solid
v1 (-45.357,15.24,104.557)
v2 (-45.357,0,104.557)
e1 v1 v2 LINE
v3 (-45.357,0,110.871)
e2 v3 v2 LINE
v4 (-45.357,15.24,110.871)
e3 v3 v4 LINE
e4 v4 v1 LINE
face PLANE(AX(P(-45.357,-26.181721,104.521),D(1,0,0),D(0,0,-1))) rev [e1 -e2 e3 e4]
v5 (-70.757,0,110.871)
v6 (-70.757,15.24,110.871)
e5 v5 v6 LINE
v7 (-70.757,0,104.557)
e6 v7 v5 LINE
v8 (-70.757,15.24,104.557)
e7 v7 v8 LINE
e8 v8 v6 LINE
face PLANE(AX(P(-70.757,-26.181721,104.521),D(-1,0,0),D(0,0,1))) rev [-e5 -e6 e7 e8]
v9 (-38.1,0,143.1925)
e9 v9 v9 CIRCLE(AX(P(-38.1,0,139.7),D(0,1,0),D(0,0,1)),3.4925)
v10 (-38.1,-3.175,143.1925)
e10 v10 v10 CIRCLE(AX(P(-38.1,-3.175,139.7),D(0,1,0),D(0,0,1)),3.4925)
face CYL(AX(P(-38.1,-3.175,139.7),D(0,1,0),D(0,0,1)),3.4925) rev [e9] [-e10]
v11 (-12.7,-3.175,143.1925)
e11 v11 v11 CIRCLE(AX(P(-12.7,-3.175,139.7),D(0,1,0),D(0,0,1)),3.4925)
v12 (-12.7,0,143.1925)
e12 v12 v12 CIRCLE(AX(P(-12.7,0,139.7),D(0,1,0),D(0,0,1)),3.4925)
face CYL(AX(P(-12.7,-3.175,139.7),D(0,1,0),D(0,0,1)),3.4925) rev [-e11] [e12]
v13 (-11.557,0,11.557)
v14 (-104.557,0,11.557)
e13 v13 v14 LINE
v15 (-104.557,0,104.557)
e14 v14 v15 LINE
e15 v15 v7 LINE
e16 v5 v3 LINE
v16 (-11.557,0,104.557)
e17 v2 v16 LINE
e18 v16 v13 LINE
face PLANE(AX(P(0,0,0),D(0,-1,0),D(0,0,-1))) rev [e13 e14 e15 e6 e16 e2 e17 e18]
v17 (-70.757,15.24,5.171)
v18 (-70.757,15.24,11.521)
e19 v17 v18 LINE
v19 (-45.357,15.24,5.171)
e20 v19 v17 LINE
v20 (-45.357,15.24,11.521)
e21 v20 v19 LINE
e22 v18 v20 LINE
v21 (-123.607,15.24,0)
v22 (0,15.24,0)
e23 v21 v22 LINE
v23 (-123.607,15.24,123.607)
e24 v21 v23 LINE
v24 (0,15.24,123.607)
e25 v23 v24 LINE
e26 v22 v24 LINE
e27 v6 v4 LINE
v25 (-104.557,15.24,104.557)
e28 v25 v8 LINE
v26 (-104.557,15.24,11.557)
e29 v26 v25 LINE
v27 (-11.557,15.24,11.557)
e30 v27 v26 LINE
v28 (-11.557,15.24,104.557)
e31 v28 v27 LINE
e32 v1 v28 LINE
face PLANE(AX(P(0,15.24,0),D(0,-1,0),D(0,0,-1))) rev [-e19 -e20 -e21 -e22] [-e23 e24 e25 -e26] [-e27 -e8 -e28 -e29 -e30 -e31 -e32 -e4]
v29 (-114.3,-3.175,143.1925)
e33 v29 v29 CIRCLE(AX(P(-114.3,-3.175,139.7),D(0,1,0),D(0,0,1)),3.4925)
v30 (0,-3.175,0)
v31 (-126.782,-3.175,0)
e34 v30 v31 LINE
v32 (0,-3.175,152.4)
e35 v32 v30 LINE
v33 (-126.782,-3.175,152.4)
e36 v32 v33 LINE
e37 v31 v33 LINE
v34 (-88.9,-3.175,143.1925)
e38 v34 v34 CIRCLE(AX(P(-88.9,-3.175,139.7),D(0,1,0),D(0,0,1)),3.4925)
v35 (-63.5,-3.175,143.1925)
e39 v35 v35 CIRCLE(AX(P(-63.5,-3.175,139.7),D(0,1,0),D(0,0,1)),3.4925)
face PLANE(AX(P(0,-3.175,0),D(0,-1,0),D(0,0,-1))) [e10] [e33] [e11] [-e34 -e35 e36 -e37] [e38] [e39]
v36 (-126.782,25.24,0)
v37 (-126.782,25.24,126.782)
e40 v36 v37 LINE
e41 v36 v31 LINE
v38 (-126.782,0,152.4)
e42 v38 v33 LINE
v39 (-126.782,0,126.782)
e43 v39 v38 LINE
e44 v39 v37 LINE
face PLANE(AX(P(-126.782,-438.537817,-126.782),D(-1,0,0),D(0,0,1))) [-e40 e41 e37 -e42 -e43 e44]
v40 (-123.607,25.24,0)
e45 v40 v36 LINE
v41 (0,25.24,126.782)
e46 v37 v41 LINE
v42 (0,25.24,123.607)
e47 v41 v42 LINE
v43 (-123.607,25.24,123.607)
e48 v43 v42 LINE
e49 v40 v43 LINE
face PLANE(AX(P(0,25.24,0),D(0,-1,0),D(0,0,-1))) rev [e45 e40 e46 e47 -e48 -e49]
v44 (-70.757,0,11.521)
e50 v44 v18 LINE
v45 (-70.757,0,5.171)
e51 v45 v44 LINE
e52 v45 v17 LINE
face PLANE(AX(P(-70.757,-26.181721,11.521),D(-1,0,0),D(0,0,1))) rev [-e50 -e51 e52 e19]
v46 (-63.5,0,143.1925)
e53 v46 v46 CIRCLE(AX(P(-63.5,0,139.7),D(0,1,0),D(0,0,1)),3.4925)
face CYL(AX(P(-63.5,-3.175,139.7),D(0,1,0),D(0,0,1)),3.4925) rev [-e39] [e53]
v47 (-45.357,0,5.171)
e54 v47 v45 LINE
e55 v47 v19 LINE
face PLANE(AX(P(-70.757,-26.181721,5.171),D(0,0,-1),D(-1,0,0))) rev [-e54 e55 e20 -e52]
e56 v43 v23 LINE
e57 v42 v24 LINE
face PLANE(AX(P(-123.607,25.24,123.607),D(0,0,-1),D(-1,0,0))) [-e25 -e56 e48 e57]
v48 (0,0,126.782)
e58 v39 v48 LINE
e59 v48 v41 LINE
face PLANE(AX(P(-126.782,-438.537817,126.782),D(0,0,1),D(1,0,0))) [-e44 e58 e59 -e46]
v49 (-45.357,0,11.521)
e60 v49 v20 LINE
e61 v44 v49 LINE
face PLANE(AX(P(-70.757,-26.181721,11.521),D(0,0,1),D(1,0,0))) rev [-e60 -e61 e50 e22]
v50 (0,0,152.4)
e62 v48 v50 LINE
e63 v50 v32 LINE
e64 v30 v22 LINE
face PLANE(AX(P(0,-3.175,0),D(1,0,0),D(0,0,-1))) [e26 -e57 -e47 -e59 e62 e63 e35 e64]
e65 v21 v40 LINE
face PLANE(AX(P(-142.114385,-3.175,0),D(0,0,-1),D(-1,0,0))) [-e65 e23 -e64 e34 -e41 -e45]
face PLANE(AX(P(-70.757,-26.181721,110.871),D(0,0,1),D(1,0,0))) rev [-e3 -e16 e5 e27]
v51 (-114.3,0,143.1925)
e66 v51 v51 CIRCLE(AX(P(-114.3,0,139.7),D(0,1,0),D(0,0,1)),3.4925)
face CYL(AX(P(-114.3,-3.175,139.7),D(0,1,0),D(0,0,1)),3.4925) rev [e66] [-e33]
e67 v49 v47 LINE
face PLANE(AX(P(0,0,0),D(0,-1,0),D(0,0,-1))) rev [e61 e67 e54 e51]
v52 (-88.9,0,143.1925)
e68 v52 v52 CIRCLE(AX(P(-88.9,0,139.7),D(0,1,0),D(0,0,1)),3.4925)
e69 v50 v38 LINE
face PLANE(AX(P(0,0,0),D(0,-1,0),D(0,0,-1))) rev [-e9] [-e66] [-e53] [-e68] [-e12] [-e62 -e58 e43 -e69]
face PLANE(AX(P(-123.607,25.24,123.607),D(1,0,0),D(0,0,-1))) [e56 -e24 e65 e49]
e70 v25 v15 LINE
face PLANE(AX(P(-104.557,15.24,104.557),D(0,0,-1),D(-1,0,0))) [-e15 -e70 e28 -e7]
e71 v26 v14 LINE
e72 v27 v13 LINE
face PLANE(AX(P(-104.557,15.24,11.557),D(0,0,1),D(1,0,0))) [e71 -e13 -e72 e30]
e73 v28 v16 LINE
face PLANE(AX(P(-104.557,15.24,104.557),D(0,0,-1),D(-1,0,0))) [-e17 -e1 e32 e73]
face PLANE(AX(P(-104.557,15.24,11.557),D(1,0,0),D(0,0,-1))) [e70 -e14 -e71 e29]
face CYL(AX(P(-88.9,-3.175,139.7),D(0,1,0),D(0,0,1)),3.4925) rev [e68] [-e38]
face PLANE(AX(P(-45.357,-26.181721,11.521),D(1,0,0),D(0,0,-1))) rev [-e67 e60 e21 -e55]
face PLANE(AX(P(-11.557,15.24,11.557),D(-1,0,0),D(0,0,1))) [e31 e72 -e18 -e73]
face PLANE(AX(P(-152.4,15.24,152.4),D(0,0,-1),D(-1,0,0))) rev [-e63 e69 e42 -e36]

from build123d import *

# Parameters (mm, degrees)
SKETCH1_W               = 304.8
SKETCH1_H               = 304.8
SKETCH1_W_2             = 93
SKETCH1_H_2             = 93
BOSS_EXTRUDE1_DEPTH     = 15.24
SKETCH2_W               = 304.8
SKETCH2_H               = 304.8
BOSS_EXTRUDE2_DEPTH     = 3.175
SKETCH3_W               = 304.8
SKETCH3_H               = 304.8
SKETCH3_W_2             = 247.214
SKETCH3_H_2             = 247.214
BOSS_EXTRUDE3_DEPTH     = 10
SKETCH4_OUTSIDE_W       = 393.198
SKETCH4_OUTSIDE_H       = 393.198
SKETCH4_OUTSIDE_W_2     = 253.564
SKETCH4_OUTSIDE_H_2     = 253.564
CUT_EXTRUDE1_DEPTH      = 25.24
SKETCH5_R               = 3.4925
CUT_EXTRUDE2_DEPTH      = 217.999026726
SKETCH6_W               = 25.4
SKETCH6_H               = 6.35
CUT_EXTRUDE3_DEPTH      = 15.24
LPATTERN1_COUNT         = 2
LPATTERN1_PITCH         = 116.078
LPATTERN1_COUNT_DIR2    = 2
LPATTERN1_PITCH_DIR2    = 116.078
SKETCH7_W               = 388.208697242
SKETCH7_H               = 185.968986832
CUT_EXTRUDE4_DEPTH      = 320.069595424
SKETCH8_W               = 545.051384684
SKETCH8_H               = 463.265958
CUT_EXTRUDE5_DEPTH      = 320.069595424
SKETCH9_W               = 585.539242267
SKETCH9_H               = 383.639310532
CUT_EXTRUDE6_DEPTH      = 297.913320173
CUT_EXTRUDE7_DEPTH      = 200.841169742
CUT_EXTRUDE7_DEPTH_BACK = 200.841169742
SKETCH10_OUTSIDE_W      = 331.206
SKETCH10_OUTSIDE_H      = 356.824
SKETCH10_OUTSIDE_W_2    = 142.114384532
SKETCH10_OUTSIDE_H_2    = 171.89804786


with BuildPart() as part:
    # Sketch1 → Boss-Extrude1 (new body)
    with BuildSketch(Plane(origin=(0, 0, 0), x_dir=(1, 0, 0), z_dir=(0, 1, 0))):
        Rectangle(SKETCH1_W, SKETCH1_H)
        with Locations((58.057, 58.057)):
            Rectangle(SKETCH1_W_2, SKETCH1_H_2, mode=Mode.SUBTRACT)
        with Locations((-58.057, 58.057)):
            Rectangle(SKETCH1_W_2, SKETCH1_H_2, mode=Mode.SUBTRACT)
        with Locations((-58.057, -58.057)):
            Rectangle(SKETCH1_W_2, SKETCH1_H_2, mode=Mode.SUBTRACT)
        with Locations((58.057, -58.057)):
            Rectangle(SKETCH1_W_2, SKETCH1_H_2, mode=Mode.SUBTRACT)
    extrude(amount=BOSS_EXTRUDE1_DEPTH)

    # Sketch2 → Boss-Extrude2 (add)
    with BuildSketch(Plane(origin=(0, 0, 0), x_dir=(-1, 0, 0), z_dir=(0, -1, 0))):
        Rectangle(SKETCH2_W, SKETCH2_H)
    extrude(amount=BOSS_EXTRUDE2_DEPTH)

    # Sketch3 → Boss-Extrude3 (add)
    with BuildSketch(Plane(origin=(0, 15.24, 0), x_dir=(1, 0, 0), z_dir=(0, 1, 0))):
        Rectangle(SKETCH3_W, SKETCH3_H)
        Rectangle(SKETCH3_W_2, SKETCH3_H_2, mode=Mode.SUBTRACT)
    extrude(amount=BOSS_EXTRUDE3_DEPTH)

    # Sketch4 outside → Cut-Extrude1 (cut)
    with BuildSketch(Plane(origin=(0, 25.24, 0), x_dir=(1, 0, 0), z_dir=(0, 1, 0))):
        Rectangle(SKETCH4_OUTSIDE_W, SKETCH4_OUTSIDE_H)
        Rectangle(SKETCH4_OUTSIDE_W_2, SKETCH4_OUTSIDE_H_2, mode=Mode.SUBTRACT)
    extrude(amount=-CUT_EXTRUDE1_DEPTH, mode=Mode.SUBTRACT)

    # Sketch5 → Cut-Extrude2 (cut, through all)
    with BuildSketch(Plane(origin=(0, 0, 0), x_dir=(1, 0, 0), z_dir=(0, 1, 0))):
        with Locations(Location((-139.7, -139.7, 0), (0, 0, 270))):
            Circle(SKETCH5_R)
        with Locations(Location((-114.3, -139.7, 0), (0, 0, 270))):
            Circle(SKETCH5_R)
        with Locations(Location((-88.9, -139.7, 0), (0, 0, 270))):
            Circle(SKETCH5_R)
        with Locations(Location((-63.5, -139.7, 0), (0, 0, 270))):
            Circle(SKETCH5_R)
        with Locations(Location((-38.1, -139.7, 0), (0, 0, 270))):
            Circle(SKETCH5_R)
        with Locations(Location((-12.7, -139.7, 0), (0, 0, 270))):
            Circle(SKETCH5_R)
        with Locations(Location((12.7, -139.7, 0), (0, 0, 270))):
            Circle(SKETCH5_R)
        with Locations(Location((38.1, -139.7, 0), (0, 0, 270))):
            Circle(SKETCH5_R)
        with Locations(Location((63.5, -139.7, 0), (0, 0, 270))):
            Circle(SKETCH5_R)
        with Locations(Location((88.9, -139.7, 0), (0, 0, 270))):
            Circle(SKETCH5_R)
        with Locations(Location((114.3, -139.7, 0), (0, 0, 270))):
            Circle(SKETCH5_R)
        with Locations(Location((139.7, -139.7, 0), (0, 0, 270))):
            Circle(SKETCH5_R)
        with Locations(Location((-139.7, -114.3, 0), (0, 0, 270))):
            Circle(SKETCH5_R)
        with Locations(Location((-139.7, -88.9, 0), (0, 0, 270))):
            Circle(SKETCH5_R)
        with Locations(Location((-139.7, -63.5, 0), (0, 0, 270))):
            Circle(SKETCH5_R)
        with Locations(Location((-139.7, -38.1, 0), (0, 0, 270))):
            Circle(SKETCH5_R)
        with Locations(Location((-139.7, -12.7, 0), (0, 0, 270))):
            Circle(SKETCH5_R)
        with Locations(Location((-139.7, 12.7, 0), (0, 0, 270))):
            Circle(SKETCH5_R)
        with Locations(Location((-139.7, 38.1, 0), (0, 0, 270))):
            Circle(SKETCH5_R)
        with Locations(Location((-139.7, 63.5, 0), (0, 0, 270))):
            Circle(SKETCH5_R)
        with Locations(Location((-139.7, 88.9, 0), (0, 0, 270))):
            Circle(SKETCH5_R)
        with Locations(Location((-139.7, 114.3, 0), (0, 0, 270))):
            Circle(SKETCH5_R)
        with Locations(Location((-139.7, 139.7, 0), (0, 0, 270))):
            Circle(SKETCH5_R)
        with Locations(Location((-114.3, 139.7, 0), (0, 0, 270))):
            Circle(SKETCH5_R)
        with Locations(Location((-88.9, 139.7, 0), (0, 0, 270))):
            Circle(SKETCH5_R)
        with Locations(Location((-63.5, 139.7, 0), (0, 0, 270))):
            Circle(SKETCH5_R)
        with Locations(Location((-38.1, 139.7, 0), (0, 0, 270))):
            Circle(SKETCH5_R)
        with Locations(Location((-12.7, 139.7, 0), (0, 0, 270))):
            Circle(SKETCH5_R)
        with Locations(Location((12.7, 139.7, 0), (0, 0, 270))):
            Circle(SKETCH5_R)
        with Locations(Location((38.1, 139.7, 0), (0, 0, 270))):
            Circle(SKETCH5_R)
        with Locations(Location((63.5, 139.7, 0), (0, 0, 270))):
            Circle(SKETCH5_R)
        with Locations(Location((88.9, 139.7, 0), (0, 0, 270))):
            Circle(SKETCH5_R)
        with Locations(Location((114.3, 139.7, 0), (0, 0, 270))):
            Circle(SKETCH5_R)
        with Locations(Location((139.7, 139.7, 0), (0, 0, 270))):
            Circle(SKETCH5_R)
        with Locations(Location((139.7, 114.3, 0), (0, 0, 270))):
            Circle(SKETCH5_R)
        with Locations(Location((139.7, 88.9, 0), (0, 0, 270))):
            Circle(SKETCH5_R)
        with Locations(Location((139.7, 63.5, 0), (0, 0, 270))):
            Circle(SKETCH5_R)
        with Locations(Location((139.7, 38.1, 0), (0, 0, 270))):
            Circle(SKETCH5_R)
        with Locations(Location((139.7, 12.7, 0), (0, 0, 270))):
            Circle(SKETCH5_R)
        with Locations(Location((139.7, -12.7, 0), (0, 0, 270))):
            Circle(SKETCH5_R)
        with Locations(Location((139.7, -38.1, 0), (0, 0, 270))):
            Circle(SKETCH5_R)
        with Locations(Location((139.7, -63.5, 0), (0, 0, 270))):
            Circle(SKETCH5_R)
        with Locations(Location((139.7, -88.9, 0), (0, 0, 270))):
            Circle(SKETCH5_R)
        with Locations(Location((139.7, -114.3, 0), (0, 0, 270))):
            Circle(SKETCH5_R)
    extrude(amount=-CUT_EXTRUDE2_DEPTH, mode=Mode.SUBTRACT)

    # Sketch6 → Cut-Extrude3 (cut)
    with BuildSketch(Plane(origin=(0, 15.24, 0), x_dir=(1, 0, 0), z_dir=(0, 1, 0))):
        with Locations((-58.057, 107.732)):
            Rectangle(SKETCH6_W, SKETCH6_H)
        with Locations((-58.057, 8.382)):
            Rectangle(SKETCH6_W, SKETCH6_H)
    cut_extrude3 = extrude(amount=-CUT_EXTRUDE3_DEPTH, mode=Mode.SUBTRACT)

    # LPattern1: Cut-Extrude3 2 × 2
    with Locations(*[(i * LPATTERN1_PITCH, 0, j * LPATTERN1_PITCH_DIR2) for i in range(LPATTERN1_COUNT) for j in range(LPATTERN1_COUNT_DIR2) if (i, j) != (0, 0)]):
        add(cut_extrude3, mode=Mode.SUBTRACT)

    # Sketch7 → Cut-Extrude4 (cut, through all)
    with BuildSketch(Plane(origin=(0, 0, -126.782), x_dir=(-1, 0, 0), z_dir=(0, 0, -1))):
        with Locations((-26.237813245, -25.540582214)):
            Rectangle(SKETCH7_W, SKETCH7_H)
    extrude(amount=CUT_EXTRUDE4_DEPTH, mode=Mode.SUBTRACT)

    # Sketch8 → Cut-Extrude5 (cut, through all)
    with BuildSketch(Plane.ZY.offset(126.782)):
        with Locations((35.238029092, 25.908608745)):
            Rectangle(SKETCH8_W, SKETCH8_H)
    extrude(amount=CUT_EXTRUDE5_DEPTH, mode=Mode.SUBTRACT)

    # Sketch9 → Cut-Extrude6 (cut, through all)
    with BuildSketch(Plane(origin=(126.782, 0, 0), x_dir=(0, 0, -1), z_dir=(1, 0, 0))):
        with Locations((26.844145207, 44.758305083)):
            Rectangle(SKETCH9_W, SKETCH9_H)
    extrude(amount=CUT_EXTRUDE6_DEPTH, mode=Mode.SUBTRACT)

    # Sketch10 outside → Cut-Extrude7 (cut, two sides: drawn at the far end of the back side and taken through both)
    with BuildSketch(Plane(origin=(0, 0, 0), x_dir=(1, 0, 0), z_dir=(0, 1, 0)).offset(-CUT_EXTRUDE7_DEPTH_BACK)):
        with Locations((0, -12.809)):
            Rectangle(SKETCH10_OUTSIDE_W, SKETCH10_OUTSIDE_H)
        with Locations((-71.057192266, -85.94902393)):
            Rectangle(SKETCH10_OUTSIDE_W_2, SKETCH10_OUTSIDE_H_2, mode=Mode.SUBTRACT)
    extrude(amount=CUT_EXTRUDE7_DEPTH + CUT_EXTRUDE7_DEPTH_BACK, mode=Mode.SUBTRACT)


solid = part.part
